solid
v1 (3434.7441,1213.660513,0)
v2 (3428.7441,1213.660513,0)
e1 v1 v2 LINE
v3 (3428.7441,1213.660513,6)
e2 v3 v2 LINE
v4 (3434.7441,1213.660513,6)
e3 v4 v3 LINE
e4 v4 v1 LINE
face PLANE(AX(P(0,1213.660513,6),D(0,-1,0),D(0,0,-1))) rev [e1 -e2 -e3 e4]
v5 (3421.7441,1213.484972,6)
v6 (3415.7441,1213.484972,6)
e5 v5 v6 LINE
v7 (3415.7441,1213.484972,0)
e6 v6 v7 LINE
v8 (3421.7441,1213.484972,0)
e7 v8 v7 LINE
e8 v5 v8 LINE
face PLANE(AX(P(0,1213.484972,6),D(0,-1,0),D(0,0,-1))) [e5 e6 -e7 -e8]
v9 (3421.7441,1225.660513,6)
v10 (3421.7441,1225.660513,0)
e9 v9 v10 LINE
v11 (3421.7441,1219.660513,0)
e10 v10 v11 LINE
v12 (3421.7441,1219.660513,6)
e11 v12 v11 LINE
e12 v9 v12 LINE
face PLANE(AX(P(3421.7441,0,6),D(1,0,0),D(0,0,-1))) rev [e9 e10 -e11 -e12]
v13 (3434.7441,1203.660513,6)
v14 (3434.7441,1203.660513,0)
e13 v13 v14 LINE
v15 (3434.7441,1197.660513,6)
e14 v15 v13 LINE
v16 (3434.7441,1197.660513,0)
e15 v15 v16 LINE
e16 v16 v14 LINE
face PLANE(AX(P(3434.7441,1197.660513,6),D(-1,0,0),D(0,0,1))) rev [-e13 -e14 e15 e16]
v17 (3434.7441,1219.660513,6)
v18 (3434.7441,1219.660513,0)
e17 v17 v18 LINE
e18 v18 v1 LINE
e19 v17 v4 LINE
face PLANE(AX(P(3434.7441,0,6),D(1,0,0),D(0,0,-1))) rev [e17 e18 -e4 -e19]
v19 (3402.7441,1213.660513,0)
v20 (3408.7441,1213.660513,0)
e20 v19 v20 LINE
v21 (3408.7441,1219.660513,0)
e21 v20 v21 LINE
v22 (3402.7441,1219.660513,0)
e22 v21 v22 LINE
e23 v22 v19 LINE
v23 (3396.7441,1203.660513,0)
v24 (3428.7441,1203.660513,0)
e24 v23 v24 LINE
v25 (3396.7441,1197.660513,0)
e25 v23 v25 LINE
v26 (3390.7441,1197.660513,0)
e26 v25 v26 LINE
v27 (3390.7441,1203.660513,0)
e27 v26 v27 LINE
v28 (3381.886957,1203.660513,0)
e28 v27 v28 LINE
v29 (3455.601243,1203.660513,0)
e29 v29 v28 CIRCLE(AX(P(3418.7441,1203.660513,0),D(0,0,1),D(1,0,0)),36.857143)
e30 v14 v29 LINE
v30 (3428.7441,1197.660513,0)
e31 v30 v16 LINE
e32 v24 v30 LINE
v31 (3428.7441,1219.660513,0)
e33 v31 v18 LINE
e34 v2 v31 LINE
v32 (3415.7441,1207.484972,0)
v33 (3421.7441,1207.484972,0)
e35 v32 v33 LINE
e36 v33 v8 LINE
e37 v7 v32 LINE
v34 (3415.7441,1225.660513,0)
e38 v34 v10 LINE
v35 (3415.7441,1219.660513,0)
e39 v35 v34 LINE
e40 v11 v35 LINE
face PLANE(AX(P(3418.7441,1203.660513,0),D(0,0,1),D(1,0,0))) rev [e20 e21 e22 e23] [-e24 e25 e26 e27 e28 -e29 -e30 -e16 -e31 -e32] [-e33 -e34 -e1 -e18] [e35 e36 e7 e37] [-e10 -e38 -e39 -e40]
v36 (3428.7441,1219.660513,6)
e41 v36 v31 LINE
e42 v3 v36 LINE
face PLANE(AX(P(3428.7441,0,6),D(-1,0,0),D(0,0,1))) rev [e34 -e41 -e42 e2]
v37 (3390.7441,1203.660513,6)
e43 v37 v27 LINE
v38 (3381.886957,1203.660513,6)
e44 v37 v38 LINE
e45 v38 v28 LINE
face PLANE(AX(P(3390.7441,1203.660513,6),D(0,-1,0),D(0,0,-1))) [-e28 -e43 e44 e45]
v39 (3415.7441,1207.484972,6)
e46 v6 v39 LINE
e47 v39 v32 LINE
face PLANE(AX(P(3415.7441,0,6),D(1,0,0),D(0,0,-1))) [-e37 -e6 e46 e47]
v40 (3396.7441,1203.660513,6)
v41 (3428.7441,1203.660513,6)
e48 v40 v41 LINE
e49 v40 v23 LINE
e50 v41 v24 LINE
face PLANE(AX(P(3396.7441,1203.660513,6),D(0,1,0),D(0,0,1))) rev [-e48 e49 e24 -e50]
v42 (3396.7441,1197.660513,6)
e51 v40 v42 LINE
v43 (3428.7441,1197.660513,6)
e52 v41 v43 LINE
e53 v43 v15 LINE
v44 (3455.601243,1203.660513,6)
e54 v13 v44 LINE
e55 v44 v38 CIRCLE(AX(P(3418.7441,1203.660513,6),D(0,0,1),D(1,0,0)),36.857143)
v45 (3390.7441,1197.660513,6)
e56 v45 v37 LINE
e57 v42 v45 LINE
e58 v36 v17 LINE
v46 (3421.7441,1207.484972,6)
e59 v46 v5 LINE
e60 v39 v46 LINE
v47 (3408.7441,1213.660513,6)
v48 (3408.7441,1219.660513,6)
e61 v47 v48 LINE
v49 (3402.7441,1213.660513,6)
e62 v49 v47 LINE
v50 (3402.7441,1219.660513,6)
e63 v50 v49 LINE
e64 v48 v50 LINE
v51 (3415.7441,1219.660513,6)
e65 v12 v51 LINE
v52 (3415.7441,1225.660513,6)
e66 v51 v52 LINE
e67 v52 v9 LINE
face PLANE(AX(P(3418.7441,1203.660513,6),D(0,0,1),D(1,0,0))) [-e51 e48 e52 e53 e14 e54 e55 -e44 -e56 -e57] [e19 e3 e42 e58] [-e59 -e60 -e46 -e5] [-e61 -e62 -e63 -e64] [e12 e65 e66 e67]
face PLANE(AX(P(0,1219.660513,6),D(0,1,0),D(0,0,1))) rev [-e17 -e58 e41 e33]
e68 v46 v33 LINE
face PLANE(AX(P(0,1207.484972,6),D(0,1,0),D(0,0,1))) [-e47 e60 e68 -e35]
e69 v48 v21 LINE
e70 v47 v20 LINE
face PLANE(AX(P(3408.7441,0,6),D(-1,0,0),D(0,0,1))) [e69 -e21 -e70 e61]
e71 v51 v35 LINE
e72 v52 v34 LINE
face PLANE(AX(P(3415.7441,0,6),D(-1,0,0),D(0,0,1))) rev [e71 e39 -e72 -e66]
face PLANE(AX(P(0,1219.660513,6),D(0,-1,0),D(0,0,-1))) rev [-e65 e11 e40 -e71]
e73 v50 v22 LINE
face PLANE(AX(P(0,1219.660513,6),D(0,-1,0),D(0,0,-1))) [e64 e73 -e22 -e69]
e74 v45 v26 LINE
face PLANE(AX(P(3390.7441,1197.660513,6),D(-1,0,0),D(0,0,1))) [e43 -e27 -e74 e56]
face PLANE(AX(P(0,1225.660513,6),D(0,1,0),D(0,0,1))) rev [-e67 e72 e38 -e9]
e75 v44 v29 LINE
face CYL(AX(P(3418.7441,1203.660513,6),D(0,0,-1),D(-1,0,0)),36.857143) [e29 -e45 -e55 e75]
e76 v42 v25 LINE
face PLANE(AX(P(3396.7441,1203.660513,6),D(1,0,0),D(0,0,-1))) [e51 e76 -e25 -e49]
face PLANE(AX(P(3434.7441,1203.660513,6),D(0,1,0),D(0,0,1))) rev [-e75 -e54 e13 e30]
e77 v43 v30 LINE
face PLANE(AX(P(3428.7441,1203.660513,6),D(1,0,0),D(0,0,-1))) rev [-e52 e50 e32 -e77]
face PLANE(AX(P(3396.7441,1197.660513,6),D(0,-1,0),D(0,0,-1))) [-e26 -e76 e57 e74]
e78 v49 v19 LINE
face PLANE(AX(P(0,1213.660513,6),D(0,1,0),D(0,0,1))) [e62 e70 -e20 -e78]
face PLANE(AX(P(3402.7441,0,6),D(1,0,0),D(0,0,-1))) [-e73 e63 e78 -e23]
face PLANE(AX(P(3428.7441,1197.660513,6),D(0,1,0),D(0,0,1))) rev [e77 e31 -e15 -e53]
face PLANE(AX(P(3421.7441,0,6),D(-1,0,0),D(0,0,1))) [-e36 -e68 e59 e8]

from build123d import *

# Parameters (mm, degrees)
MODEL_W             = 6
MODEL_H             = 6
BOSS_EXTRUDE1_DEPTH = 6


with BuildPart() as part:
    # Model → Boss-Extrude1 (new body)
    with BuildSketch(Plane.XY):
        with BuildLine():
            Line((3428.744099931, 1203.660512719), (3428.744099931, 1197.660512719))
            Line((3428.744099931, 1197.660512719), (3434.744099931, 1197.660512719))
            Line((3434.744099931, 1197.660512719), (3434.744099931, 1203.660512719))
            Line((3434.744099931, 1203.660512719), (3455.601242788, 1203.660512719))
            ThreePointArc((3455.601242788, 1203.660512719), (3418.744099931, 1240.517655576), (3381.886957074, 1203.660512719))
            Line((3381.886957074, 1203.660512719), (3390.744099931, 1203.660512719))
            Line((3390.744099931, 1203.660512719), (3390.744099931, 1197.660512719))
            Line((3390.744099931, 1197.660512719), (3396.744099931, 1197.660512719))
            Line((3396.744099931, 1197.660512719), (3396.744099931, 1203.660512719))
            Line((3396.744099931, 1203.660512719), (3428.744099931, 1203.660512719))
        make_face()
        with Locations((3431.744099931, 1216.660512719)):
            Rectangle(MODEL_W, MODEL_H, mode=Mode.SUBTRACT)
        with Locations((3405.744099931, 1216.660512719)):
            Rectangle(MODEL_W, MODEL_H, mode=Mode.SUBTRACT)
        with Locations((3418.744099931, 1222.660512719)):
            Rectangle(MODEL_W, MODEL_H, mode=Mode.SUBTRACT)
        with Locations((3418.744099931, 1210.484971552)):
            Rectangle(MODEL_W, MODEL_H, mode=Mode.SUBTRACT)
    extrude(amount=BOSS_EXTRUDE1_DEPTH)


solid = part.part
